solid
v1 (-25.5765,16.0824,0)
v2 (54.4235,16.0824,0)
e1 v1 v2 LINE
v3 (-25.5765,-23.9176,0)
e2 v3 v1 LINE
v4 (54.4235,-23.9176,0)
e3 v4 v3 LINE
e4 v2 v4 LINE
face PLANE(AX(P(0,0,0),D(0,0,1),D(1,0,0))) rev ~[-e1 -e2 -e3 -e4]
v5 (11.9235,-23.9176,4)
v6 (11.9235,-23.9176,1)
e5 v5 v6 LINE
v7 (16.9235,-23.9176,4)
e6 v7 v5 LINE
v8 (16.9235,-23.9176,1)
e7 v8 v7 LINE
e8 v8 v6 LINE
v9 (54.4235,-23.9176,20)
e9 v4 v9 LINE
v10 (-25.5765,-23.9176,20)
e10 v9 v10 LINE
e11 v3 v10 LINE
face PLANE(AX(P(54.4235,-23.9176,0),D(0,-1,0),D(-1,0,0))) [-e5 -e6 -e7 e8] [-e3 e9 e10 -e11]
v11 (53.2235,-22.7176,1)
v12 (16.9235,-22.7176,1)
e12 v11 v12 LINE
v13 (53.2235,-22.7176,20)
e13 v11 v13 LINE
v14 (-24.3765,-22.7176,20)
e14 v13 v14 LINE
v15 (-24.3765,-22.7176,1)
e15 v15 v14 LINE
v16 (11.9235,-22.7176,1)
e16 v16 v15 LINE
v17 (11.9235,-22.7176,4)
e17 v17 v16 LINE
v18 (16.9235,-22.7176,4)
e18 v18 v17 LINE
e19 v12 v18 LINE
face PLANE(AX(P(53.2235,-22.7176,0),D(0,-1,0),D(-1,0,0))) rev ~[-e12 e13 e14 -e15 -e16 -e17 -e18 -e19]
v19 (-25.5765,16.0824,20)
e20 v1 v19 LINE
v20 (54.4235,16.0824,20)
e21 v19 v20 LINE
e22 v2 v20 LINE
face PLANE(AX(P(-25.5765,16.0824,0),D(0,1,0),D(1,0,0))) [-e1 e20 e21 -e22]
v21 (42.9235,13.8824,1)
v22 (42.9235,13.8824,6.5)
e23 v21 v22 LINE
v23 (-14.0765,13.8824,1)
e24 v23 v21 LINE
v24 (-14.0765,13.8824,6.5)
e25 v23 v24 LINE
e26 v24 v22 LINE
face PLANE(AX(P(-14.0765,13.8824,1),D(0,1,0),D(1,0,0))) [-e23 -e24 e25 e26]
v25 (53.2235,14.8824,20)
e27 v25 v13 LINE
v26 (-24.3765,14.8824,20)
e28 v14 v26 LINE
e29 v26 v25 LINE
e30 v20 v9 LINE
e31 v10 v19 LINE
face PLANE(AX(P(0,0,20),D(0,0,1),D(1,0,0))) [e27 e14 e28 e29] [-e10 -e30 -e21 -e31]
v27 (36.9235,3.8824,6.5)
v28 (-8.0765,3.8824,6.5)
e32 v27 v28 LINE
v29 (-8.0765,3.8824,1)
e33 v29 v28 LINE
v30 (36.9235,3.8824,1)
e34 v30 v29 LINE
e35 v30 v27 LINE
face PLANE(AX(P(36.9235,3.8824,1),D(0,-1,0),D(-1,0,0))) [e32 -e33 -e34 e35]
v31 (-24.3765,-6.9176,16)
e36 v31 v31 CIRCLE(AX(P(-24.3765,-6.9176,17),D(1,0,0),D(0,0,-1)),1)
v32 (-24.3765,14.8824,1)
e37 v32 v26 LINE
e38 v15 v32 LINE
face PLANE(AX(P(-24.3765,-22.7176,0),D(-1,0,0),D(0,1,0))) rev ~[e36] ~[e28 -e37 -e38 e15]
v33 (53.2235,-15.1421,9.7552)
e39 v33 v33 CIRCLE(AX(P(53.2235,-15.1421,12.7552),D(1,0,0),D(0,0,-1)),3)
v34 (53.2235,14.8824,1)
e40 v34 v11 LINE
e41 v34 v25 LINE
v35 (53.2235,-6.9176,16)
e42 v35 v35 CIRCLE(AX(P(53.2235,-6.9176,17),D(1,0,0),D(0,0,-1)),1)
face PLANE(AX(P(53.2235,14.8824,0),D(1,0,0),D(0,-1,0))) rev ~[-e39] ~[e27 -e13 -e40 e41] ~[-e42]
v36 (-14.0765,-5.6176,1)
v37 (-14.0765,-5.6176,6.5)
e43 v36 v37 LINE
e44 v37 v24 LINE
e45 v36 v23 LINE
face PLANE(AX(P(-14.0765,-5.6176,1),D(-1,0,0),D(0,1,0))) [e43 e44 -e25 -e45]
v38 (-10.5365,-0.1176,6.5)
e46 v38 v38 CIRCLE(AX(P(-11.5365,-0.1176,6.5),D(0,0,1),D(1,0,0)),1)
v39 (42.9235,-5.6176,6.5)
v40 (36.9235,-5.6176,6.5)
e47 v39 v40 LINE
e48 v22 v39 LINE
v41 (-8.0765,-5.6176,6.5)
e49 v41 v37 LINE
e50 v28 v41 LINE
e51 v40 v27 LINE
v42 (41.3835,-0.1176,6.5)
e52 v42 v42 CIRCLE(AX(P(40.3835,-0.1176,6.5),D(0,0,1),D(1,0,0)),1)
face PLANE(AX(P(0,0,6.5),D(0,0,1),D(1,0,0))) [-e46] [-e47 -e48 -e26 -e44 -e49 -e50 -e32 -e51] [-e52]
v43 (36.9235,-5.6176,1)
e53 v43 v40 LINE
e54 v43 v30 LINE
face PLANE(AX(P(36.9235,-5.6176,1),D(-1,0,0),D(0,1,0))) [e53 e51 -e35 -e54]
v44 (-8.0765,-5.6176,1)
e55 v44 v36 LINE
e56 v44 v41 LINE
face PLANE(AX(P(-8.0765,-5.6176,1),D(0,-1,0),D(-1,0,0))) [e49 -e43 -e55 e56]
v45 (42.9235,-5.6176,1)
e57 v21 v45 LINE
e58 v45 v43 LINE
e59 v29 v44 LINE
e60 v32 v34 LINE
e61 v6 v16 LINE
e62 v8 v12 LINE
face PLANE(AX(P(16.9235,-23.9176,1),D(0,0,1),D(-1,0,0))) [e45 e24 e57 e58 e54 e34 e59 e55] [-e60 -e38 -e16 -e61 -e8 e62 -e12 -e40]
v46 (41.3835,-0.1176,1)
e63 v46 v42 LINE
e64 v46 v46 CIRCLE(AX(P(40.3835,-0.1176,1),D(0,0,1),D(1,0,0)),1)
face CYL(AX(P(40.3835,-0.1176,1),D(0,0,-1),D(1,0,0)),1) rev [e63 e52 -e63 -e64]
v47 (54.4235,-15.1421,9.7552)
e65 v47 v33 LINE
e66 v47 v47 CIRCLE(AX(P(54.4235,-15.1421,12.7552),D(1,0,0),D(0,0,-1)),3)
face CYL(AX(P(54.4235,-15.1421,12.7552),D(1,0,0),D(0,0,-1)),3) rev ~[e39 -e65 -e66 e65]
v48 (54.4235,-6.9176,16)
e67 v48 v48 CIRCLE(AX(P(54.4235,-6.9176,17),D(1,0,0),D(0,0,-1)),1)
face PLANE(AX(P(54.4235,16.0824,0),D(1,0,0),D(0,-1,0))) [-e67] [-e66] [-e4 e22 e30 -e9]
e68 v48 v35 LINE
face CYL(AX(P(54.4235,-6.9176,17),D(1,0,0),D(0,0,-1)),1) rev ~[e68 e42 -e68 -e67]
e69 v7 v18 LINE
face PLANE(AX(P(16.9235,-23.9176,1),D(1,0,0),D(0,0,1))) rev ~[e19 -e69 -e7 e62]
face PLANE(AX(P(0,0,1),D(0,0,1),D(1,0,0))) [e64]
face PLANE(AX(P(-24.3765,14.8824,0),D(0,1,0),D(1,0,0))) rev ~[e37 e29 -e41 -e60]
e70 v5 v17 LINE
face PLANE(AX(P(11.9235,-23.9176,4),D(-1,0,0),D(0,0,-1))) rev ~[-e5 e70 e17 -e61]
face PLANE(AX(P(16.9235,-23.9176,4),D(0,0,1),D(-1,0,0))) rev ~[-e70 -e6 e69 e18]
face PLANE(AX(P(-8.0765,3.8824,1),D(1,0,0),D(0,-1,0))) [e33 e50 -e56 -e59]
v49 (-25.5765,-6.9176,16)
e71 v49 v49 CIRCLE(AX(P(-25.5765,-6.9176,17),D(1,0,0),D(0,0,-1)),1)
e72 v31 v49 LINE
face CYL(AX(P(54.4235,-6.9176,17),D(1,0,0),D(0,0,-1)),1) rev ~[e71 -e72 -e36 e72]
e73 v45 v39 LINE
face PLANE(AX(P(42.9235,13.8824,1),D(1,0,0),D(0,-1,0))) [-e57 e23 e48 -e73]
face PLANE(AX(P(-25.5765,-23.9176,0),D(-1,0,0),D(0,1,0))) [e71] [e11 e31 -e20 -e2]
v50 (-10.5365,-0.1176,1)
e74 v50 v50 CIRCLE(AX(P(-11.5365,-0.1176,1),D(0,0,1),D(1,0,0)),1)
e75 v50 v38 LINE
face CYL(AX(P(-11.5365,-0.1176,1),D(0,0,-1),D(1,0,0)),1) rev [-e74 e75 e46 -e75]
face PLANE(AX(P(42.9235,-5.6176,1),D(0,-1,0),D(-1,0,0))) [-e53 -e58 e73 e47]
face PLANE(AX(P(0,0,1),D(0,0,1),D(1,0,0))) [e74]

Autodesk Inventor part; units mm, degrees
ref_plane "YZ Plane" through (0, 0, 0) normal (1, 0, 0) x (0, 1, 0)
ref_plane "XZ Plane" through (0, 0, 0) normal (0, 1, 0) x (-1, 0, 0)
ref_plane "XY Plane" through (0, 0, 0) normal (0, 0, 1) x (1, 0, 0)
sketch "Skizze1" plane through (0, 0, 0) normal (0, 0, 1) x (1, 0, 0)
  line L0 (-25.5765, 16.0824) -> (54.4235, 16.0824)
  line L1 (54.4235, 16.0824) -> (54.4235, -23.9176)
  line L2 (54.4235, -23.9176) -> (-25.5765, -23.9176)
  line L3 (-25.5765, -23.9176) -> (-25.5765, 16.0824)
  line L4 (-24.3765, 14.8824) -> (53.2235, 14.8824)
  line L5 (53.2235, 14.8824) -> (53.2235, -22.7176)
  line L6 (53.2235, -22.7176) -> (-24.3765, -22.7176)
  line L7 (-24.3765, -22.7176) -> (-24.3765, 14.8824)
  point P0 (0, 0)
  dimension "d0" = 80
  dimension "d1" = 40
  dimension "d2" = 1.2
  dimension "d3" = 1.2
  dimension "d4" = 1.2
  dimension "d5" = 1.2
extrude "Extrusion1" add sketch "Skizze1" along normal blind 1 contours L4 L5 L6 L7
extrude "Extrusion2" add sketch "Skizze1" along normal blind 20
sketch "Skizze2" plane through (0, 0, 1) normal (0, 0, 1) x (1, 0, 0)
  line L0 (-24.3765, 14.8824) -> (53.2235, 14.8824) projected
  line L1 (-21.8265, 14.8824) -> (50.6735, 14.8824)
  line L2 (50.6735, 14.8824) -> (50.6735, -5.6176)
  line L3 (50.6735, -5.6176) -> (-21.8265, -5.6176)
  line L4 (-21.8265, -5.6176) -> (-21.8265, 14.8824)
  line L5 (-24.3765, -22.7176) -> (-24.3765, 14.8824) projected
  line L6 (53.2235, 14.8824) -> (53.2235, -22.7176) projected
  line L7 (-14.0765, 13.8824) -> (42.9235, 13.8824)
  line L8 (42.9235, 13.8824) -> (42.9235, -6.1176)
  line L9 (42.9235, -6.1176) -> (-14.0765, -6.1176)
  line L10 (-14.0765, -6.1176) -> (-14.0765, 13.8824)
  line L11 (-8.0765, -6.1176) -> (36.9235, -6.1176)
  line L12 (36.9235, -6.1176) -> (36.9235, 3.8824)
  line L13 (36.9235, 3.8824) -> (-8.0765, 3.8824)
  line L14 (-8.0765, 3.8824) -> (-8.0765, -6.1176)
  circle A0 centre (40.3835, -0.1176) radius 1
  circle A1 centre (-11.5365, -0.1176) radius 1
  point P0 (0, 0)
  point P1 (-21.8265, 4.6324)
  point P2 (50.6735, 4.6324)
  point P3 (-14.0765, -5.6176)
  point P4 (-8.0765, -5.6176)
  point P5 (36.9235, -5.6176)
  point P6 (42.9235, -5.6176)
  dimension "d10" = 20.5
  dimension "d11" = 72.5
  dimension "d12" = 2.55
  dimension "d13" = 2.55
  dimension "d14" = 1
  dimension "d15" = 57
  dimension "d16" = 7.75
  dimension "d17" = 20
  dimension "d18" = 2
  dimension "d19" = 2
  dimension "d20" = 2.54
  dimension "d21" = 2.54
  dimension "d25" = 14
  dimension "d26" = 14
  dimension "d27" = 10
  dimension "d28" = 6
  dimension "d29" = 6
extrude "Extrusion3" add sketch "Skizze2" along normal blind 5.5 contours L10 L7 L8 L3 L12 L13 L14
sketch "Skizze3" plane through (54.4235, -23.9176, 0) normal (1, 0, 0) x (0, 0, -1)
  circle A0 centre (-17, 17) radius 1
  line L0 (0, 40) -> (-20, 40) projected
  line L1 (-20, 0) -> (-20, 40) projected
  circle A1 centre (-12.7552, 8.7755) radius 3
  point P0 (0, 23.9176)
  dimension "d32" = 2
  dimension "d33" = 23
  dimension "d34" = 3
  dimension "d35" = 6
extrude "Extrusion4" cut sketch "Skizze3" against normal through all contours A0
extrude "Extrusion5" cut sketch "Skizze3" against normal blind 1.2 contours A1
sketch "Skizze4" plane through (-25.5765, -23.9176, 0) normal (0, -1, 0) x (1, 0, 0)
  line L0 (78.8, 1) -> (1.2, 1) projected
  line L1 (37.5, 1) -> (42.5, 1)
  line L2 (42.5, 1) -> (42.5, 4)
  line L3 (42.5, 4) -> (37.5, 4)
  line L4 (37.5, 4) -> (37.5, 1)
  line L5 (0, 0) -> (0, 20) projected
  line L6 (80, 0) -> (80, 20) projected
  point P0 (25.5765, 0)
  point P1 (37.5, 2.5)
  point P2 (42.5, 2.5)
  dimension "d40" = 5
  dimension "d41" = 3
  dimension "d42" = 37.5
  dimension "d43" = 37.5
extrude "Extrusion6" cut sketch "Skizze4" against normal blind 1.2
properties part number "Konsole"
